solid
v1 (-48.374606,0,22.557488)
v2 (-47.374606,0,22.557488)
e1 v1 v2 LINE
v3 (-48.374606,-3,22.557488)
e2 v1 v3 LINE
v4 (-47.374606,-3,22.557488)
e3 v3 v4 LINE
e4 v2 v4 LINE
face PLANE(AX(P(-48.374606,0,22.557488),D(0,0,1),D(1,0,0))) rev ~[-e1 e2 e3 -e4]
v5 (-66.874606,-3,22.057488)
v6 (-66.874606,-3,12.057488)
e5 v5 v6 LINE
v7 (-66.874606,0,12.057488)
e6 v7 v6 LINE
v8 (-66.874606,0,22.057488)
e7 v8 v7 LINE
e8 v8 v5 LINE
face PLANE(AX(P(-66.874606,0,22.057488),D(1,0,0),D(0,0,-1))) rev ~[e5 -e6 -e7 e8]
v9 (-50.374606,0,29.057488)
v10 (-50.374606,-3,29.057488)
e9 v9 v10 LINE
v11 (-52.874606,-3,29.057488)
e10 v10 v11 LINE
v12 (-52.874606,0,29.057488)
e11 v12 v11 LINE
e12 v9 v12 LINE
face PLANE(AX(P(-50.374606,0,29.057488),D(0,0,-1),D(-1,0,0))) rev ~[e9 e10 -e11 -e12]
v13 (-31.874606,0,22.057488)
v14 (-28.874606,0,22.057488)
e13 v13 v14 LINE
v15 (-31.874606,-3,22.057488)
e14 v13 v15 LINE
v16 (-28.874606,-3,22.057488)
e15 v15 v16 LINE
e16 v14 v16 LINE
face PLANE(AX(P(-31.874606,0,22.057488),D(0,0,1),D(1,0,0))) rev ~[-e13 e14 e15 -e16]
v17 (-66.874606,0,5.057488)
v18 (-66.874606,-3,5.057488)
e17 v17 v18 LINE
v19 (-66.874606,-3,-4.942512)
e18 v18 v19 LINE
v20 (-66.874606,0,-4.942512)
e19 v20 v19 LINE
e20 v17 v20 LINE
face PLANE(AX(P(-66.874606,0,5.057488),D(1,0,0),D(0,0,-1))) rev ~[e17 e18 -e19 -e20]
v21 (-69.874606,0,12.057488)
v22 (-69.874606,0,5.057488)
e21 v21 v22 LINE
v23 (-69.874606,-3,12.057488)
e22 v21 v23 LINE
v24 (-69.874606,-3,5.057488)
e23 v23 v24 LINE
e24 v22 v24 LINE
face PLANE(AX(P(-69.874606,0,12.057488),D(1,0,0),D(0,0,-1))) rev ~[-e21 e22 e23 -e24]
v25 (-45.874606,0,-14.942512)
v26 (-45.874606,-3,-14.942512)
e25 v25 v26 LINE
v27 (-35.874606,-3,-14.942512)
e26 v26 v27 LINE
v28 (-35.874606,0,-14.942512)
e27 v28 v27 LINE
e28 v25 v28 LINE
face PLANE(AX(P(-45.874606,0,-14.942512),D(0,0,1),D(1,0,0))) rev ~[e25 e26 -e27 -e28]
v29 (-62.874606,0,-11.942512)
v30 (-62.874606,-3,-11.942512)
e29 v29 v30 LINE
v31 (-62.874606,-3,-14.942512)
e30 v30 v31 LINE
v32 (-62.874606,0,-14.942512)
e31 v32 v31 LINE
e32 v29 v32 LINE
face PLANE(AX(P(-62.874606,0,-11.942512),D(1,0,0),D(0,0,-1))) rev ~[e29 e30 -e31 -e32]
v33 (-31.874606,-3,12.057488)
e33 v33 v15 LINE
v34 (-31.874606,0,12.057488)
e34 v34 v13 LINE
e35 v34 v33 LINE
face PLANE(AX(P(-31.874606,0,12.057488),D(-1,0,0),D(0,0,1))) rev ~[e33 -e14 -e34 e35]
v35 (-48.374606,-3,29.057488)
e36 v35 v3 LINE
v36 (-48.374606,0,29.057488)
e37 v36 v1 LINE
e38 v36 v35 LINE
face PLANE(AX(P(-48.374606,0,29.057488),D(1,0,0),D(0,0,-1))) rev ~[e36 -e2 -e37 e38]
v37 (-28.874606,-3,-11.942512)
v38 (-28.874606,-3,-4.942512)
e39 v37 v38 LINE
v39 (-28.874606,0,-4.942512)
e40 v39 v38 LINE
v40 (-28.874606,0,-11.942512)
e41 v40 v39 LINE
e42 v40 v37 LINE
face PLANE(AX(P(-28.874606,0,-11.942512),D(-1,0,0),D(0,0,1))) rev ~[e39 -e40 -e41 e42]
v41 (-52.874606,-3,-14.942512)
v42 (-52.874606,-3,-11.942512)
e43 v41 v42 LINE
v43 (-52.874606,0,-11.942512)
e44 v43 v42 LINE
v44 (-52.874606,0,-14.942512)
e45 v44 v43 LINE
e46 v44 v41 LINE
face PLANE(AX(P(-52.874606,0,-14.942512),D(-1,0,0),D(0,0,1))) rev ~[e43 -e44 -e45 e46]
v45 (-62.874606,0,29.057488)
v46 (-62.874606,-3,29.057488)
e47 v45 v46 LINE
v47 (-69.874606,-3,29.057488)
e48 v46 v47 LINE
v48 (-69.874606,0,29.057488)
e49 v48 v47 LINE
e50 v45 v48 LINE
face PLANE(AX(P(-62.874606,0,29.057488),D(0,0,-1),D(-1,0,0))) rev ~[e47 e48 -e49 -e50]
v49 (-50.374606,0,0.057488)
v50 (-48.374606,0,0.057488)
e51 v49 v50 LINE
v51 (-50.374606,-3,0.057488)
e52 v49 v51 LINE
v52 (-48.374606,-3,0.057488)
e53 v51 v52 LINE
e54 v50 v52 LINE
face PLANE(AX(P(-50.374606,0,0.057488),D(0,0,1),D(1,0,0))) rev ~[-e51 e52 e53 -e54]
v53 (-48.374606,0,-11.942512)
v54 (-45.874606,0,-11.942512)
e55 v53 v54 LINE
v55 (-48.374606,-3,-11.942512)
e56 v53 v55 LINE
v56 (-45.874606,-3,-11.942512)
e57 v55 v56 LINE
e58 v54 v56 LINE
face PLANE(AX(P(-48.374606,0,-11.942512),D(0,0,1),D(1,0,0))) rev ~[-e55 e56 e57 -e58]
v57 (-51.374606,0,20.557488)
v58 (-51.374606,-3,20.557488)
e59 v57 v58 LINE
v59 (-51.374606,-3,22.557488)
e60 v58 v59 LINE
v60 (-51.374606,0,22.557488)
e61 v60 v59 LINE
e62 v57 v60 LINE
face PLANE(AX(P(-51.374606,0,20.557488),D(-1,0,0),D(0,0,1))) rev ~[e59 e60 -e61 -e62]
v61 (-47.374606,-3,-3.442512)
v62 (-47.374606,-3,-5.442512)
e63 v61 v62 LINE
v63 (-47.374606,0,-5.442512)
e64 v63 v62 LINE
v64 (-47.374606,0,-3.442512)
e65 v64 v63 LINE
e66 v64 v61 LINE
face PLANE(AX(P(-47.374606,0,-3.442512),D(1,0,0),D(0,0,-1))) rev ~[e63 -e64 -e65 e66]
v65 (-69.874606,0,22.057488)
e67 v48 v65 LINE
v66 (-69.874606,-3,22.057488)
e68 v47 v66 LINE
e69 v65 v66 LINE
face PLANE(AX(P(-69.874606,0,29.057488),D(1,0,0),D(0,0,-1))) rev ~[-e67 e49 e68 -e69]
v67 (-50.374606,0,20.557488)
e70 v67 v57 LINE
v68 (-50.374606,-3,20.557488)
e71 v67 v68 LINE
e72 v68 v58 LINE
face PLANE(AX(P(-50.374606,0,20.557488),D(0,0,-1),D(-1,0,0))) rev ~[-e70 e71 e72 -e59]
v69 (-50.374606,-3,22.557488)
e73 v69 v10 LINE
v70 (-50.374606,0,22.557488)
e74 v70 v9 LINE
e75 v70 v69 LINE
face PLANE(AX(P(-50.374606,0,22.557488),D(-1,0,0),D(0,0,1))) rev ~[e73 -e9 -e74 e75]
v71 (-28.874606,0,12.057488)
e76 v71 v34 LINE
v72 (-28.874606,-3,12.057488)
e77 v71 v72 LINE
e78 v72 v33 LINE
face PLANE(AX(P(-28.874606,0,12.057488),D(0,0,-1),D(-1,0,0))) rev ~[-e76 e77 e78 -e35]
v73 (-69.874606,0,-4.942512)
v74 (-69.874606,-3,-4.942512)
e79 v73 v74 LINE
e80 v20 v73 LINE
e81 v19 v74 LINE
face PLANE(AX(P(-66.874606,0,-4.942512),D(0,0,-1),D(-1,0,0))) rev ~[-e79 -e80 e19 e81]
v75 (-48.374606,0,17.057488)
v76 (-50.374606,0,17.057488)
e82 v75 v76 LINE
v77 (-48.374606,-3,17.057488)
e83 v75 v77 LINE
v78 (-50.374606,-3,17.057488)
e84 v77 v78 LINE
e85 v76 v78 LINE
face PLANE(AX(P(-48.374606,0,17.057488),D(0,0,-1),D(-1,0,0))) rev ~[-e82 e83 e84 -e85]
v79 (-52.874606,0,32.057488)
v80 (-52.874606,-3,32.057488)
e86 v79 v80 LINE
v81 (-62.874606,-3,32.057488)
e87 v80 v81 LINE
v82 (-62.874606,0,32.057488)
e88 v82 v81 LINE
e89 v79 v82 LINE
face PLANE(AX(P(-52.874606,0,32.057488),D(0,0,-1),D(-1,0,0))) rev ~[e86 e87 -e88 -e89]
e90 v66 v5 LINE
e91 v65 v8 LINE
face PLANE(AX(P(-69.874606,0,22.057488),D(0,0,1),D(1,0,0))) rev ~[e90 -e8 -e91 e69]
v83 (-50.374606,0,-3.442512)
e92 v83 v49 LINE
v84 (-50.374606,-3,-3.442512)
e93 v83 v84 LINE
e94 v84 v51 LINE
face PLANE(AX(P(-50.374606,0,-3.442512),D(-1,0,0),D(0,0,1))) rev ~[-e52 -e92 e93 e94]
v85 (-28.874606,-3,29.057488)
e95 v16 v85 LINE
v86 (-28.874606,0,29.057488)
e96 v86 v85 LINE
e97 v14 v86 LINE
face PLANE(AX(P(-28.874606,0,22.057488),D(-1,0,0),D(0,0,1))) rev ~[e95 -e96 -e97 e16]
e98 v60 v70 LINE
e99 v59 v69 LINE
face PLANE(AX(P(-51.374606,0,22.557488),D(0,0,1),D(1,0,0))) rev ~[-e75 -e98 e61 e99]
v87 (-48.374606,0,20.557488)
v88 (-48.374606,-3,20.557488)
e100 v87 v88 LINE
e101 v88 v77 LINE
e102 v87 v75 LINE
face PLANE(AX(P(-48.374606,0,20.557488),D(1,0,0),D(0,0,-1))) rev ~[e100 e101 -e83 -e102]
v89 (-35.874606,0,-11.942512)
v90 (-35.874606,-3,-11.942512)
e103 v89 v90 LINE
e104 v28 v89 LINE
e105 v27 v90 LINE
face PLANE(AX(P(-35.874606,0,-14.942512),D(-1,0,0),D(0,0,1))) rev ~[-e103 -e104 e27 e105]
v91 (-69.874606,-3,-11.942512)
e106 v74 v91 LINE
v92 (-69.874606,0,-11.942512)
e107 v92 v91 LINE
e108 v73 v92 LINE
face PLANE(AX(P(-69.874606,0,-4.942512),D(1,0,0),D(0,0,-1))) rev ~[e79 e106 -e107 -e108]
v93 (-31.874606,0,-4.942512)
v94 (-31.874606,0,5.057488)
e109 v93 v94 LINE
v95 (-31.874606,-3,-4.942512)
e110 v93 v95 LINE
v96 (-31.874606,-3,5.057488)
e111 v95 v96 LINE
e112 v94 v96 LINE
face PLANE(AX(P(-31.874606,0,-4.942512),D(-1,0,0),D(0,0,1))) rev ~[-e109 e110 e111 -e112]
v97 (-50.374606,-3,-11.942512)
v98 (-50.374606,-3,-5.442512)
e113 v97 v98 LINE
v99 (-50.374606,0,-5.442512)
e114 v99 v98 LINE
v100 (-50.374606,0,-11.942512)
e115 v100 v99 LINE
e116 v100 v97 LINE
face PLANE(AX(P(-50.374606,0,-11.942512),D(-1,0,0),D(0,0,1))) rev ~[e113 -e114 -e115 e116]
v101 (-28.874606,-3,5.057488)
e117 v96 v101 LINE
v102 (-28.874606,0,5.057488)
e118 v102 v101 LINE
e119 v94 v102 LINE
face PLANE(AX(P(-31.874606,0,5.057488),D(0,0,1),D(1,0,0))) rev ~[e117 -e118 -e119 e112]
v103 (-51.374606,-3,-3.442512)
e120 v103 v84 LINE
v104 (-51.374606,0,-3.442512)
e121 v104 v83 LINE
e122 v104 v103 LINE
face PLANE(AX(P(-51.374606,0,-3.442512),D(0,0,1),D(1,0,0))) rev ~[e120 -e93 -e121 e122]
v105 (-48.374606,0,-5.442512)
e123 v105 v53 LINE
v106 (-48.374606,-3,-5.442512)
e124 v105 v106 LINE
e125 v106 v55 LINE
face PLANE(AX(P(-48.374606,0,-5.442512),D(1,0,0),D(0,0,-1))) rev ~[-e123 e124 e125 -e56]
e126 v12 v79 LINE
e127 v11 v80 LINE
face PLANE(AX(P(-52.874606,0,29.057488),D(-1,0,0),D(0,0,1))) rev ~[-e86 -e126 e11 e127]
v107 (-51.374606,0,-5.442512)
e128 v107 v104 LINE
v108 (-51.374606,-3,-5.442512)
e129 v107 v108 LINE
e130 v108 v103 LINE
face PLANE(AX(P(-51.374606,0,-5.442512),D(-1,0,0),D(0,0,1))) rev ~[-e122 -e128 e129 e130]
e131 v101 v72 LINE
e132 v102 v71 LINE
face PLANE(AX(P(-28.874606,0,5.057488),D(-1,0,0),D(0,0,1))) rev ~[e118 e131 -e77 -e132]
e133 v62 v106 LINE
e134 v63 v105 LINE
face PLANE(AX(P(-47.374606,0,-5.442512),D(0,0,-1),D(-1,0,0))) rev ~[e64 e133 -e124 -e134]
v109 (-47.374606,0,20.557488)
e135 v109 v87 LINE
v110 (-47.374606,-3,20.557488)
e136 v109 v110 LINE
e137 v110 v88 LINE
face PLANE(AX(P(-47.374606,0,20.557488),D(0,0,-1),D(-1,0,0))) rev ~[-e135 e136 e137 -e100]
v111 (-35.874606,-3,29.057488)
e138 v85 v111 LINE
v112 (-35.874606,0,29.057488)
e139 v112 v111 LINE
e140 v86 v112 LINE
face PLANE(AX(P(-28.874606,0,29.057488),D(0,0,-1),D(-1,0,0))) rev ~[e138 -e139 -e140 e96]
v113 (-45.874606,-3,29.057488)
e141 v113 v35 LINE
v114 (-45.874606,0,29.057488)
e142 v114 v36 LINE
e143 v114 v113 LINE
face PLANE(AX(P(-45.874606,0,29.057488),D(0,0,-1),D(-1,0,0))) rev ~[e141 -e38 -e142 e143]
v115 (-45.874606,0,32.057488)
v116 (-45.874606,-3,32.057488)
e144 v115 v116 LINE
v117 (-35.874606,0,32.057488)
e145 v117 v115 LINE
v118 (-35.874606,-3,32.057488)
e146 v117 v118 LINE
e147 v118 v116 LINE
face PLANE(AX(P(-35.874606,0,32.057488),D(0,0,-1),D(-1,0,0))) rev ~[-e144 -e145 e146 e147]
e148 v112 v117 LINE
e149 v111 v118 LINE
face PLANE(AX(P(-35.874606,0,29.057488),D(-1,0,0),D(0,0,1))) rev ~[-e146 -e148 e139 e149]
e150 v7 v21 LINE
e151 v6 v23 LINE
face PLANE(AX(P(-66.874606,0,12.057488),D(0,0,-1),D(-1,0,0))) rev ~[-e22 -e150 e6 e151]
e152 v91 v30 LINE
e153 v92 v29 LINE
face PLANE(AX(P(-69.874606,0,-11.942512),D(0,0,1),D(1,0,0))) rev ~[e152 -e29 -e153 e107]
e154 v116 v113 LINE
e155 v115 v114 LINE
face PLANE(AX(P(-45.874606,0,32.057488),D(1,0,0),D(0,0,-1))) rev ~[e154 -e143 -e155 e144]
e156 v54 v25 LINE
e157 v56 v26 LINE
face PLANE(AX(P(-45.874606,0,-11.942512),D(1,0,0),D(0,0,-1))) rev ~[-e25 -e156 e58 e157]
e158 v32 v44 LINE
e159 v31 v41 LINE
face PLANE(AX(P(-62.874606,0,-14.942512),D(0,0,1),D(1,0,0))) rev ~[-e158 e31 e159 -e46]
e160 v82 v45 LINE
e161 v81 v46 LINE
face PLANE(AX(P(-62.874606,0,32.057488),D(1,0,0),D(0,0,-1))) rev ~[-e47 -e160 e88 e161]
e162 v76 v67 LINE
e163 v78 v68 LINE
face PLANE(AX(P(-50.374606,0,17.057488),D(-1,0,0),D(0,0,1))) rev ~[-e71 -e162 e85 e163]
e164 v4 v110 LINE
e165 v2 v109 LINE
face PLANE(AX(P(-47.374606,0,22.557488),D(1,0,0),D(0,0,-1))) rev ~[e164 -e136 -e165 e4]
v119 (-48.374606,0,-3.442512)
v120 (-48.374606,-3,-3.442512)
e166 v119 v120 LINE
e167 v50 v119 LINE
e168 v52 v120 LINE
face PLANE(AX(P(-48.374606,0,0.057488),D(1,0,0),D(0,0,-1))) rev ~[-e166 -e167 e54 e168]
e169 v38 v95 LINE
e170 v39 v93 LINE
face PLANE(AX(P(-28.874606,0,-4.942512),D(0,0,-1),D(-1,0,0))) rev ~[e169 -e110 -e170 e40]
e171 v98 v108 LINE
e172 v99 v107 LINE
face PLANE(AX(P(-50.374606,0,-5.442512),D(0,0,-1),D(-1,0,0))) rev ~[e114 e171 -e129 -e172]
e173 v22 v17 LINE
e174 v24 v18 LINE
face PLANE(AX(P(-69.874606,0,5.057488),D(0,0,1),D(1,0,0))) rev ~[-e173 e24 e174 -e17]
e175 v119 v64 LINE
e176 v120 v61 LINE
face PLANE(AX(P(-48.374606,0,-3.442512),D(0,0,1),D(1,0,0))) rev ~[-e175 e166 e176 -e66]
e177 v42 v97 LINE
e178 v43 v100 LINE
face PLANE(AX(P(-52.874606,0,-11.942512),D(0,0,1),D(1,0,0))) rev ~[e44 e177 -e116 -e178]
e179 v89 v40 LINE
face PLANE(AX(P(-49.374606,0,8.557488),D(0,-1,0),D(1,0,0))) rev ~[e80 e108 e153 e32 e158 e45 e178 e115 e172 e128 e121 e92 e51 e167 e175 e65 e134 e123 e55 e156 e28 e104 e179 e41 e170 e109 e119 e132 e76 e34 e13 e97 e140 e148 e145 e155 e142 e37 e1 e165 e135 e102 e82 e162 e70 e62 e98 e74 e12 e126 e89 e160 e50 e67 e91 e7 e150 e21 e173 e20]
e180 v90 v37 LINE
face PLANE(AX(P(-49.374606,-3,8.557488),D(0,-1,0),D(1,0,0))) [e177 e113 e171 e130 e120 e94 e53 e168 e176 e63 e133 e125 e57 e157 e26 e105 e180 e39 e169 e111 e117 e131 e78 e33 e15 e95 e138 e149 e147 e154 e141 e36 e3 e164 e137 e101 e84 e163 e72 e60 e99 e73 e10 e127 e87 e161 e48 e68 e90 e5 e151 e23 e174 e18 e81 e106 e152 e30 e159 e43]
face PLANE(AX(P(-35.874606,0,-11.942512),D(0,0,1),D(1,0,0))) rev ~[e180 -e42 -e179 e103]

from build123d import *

# Parameters (mm, degrees)
F1_DEPTH = 3


with BuildPart() as f1:
    # F0 (on Front) → F1 (new body)
    with BuildSketch(Plane.XZ):
        Polygon((-48.374606, 20.557488), (-48.374606, 17.057488), (-49.374606, 17.057488), (-50.374606, 17.057488), (-50.374606, 20.557488), (-51.374606, 20.557488), (-51.374606, 22.557488), (-50.374606, 22.557488), (-50.374606, 29.057488), (-52.874606, 29.057488), (-52.874606, 32.057488), (-62.874606, 32.057488), (-62.874606, 29.057488), (-69.874606, 29.057488), (-69.874606, 22.057488), (-66.874606, 22.057488), (-66.874606, 12.057488), (-69.874606, 12.057488), (-69.874606, 8.557488), (-69.874606, 5.057488), (-66.874606, 5.057488), (-66.874606, -4.942512), (-69.874606, -4.942512), (-69.874606, -11.942512), (-62.874606, -11.942512), (-62.874606, -14.942512), (-52.874606, -14.942512), (-52.874606, -11.942512), (-50.374606, -11.942512), (-50.374606, -5.442512), (-51.374606, -5.442512), (-51.374606, -3.442512), (-50.374606, -3.442512), (-50.374606, 0.057488), (-49.374606, 0.057488), (-48.374606, 0.057488), (-48.374606, -3.442512), (-47.374606, -3.442512), (-47.374606, -5.442512), (-48.374606, -5.442512), (-48.374606, -11.942512), (-45.874606, -11.942512), (-45.874606, -14.942512), (-35.874606, -14.942512), (-35.874606, -11.942512), (-28.874606, -11.942512), (-28.874606, -4.942512), (-31.874606, -4.942512), (-31.874606, 5.057488), (-28.874606, 5.057488), (-28.874606, 8.557488), (-28.874606, 12.057488), (-31.874606, 12.057488), (-31.874606, 22.057488), (-28.874606, 22.057488), (-28.874606, 29.057488), (-35.874606, 29.057488), (-35.874606, 32.057488), (-45.874606, 32.057488), (-45.874606, 29.057488), (-48.374606, 29.057488), (-48.374606, 22.557488), (-47.374606, 22.557488), (-47.374606, 20.557488), align=None)
    extrude(amount=F1_DEPTH)


solid = f1.part
